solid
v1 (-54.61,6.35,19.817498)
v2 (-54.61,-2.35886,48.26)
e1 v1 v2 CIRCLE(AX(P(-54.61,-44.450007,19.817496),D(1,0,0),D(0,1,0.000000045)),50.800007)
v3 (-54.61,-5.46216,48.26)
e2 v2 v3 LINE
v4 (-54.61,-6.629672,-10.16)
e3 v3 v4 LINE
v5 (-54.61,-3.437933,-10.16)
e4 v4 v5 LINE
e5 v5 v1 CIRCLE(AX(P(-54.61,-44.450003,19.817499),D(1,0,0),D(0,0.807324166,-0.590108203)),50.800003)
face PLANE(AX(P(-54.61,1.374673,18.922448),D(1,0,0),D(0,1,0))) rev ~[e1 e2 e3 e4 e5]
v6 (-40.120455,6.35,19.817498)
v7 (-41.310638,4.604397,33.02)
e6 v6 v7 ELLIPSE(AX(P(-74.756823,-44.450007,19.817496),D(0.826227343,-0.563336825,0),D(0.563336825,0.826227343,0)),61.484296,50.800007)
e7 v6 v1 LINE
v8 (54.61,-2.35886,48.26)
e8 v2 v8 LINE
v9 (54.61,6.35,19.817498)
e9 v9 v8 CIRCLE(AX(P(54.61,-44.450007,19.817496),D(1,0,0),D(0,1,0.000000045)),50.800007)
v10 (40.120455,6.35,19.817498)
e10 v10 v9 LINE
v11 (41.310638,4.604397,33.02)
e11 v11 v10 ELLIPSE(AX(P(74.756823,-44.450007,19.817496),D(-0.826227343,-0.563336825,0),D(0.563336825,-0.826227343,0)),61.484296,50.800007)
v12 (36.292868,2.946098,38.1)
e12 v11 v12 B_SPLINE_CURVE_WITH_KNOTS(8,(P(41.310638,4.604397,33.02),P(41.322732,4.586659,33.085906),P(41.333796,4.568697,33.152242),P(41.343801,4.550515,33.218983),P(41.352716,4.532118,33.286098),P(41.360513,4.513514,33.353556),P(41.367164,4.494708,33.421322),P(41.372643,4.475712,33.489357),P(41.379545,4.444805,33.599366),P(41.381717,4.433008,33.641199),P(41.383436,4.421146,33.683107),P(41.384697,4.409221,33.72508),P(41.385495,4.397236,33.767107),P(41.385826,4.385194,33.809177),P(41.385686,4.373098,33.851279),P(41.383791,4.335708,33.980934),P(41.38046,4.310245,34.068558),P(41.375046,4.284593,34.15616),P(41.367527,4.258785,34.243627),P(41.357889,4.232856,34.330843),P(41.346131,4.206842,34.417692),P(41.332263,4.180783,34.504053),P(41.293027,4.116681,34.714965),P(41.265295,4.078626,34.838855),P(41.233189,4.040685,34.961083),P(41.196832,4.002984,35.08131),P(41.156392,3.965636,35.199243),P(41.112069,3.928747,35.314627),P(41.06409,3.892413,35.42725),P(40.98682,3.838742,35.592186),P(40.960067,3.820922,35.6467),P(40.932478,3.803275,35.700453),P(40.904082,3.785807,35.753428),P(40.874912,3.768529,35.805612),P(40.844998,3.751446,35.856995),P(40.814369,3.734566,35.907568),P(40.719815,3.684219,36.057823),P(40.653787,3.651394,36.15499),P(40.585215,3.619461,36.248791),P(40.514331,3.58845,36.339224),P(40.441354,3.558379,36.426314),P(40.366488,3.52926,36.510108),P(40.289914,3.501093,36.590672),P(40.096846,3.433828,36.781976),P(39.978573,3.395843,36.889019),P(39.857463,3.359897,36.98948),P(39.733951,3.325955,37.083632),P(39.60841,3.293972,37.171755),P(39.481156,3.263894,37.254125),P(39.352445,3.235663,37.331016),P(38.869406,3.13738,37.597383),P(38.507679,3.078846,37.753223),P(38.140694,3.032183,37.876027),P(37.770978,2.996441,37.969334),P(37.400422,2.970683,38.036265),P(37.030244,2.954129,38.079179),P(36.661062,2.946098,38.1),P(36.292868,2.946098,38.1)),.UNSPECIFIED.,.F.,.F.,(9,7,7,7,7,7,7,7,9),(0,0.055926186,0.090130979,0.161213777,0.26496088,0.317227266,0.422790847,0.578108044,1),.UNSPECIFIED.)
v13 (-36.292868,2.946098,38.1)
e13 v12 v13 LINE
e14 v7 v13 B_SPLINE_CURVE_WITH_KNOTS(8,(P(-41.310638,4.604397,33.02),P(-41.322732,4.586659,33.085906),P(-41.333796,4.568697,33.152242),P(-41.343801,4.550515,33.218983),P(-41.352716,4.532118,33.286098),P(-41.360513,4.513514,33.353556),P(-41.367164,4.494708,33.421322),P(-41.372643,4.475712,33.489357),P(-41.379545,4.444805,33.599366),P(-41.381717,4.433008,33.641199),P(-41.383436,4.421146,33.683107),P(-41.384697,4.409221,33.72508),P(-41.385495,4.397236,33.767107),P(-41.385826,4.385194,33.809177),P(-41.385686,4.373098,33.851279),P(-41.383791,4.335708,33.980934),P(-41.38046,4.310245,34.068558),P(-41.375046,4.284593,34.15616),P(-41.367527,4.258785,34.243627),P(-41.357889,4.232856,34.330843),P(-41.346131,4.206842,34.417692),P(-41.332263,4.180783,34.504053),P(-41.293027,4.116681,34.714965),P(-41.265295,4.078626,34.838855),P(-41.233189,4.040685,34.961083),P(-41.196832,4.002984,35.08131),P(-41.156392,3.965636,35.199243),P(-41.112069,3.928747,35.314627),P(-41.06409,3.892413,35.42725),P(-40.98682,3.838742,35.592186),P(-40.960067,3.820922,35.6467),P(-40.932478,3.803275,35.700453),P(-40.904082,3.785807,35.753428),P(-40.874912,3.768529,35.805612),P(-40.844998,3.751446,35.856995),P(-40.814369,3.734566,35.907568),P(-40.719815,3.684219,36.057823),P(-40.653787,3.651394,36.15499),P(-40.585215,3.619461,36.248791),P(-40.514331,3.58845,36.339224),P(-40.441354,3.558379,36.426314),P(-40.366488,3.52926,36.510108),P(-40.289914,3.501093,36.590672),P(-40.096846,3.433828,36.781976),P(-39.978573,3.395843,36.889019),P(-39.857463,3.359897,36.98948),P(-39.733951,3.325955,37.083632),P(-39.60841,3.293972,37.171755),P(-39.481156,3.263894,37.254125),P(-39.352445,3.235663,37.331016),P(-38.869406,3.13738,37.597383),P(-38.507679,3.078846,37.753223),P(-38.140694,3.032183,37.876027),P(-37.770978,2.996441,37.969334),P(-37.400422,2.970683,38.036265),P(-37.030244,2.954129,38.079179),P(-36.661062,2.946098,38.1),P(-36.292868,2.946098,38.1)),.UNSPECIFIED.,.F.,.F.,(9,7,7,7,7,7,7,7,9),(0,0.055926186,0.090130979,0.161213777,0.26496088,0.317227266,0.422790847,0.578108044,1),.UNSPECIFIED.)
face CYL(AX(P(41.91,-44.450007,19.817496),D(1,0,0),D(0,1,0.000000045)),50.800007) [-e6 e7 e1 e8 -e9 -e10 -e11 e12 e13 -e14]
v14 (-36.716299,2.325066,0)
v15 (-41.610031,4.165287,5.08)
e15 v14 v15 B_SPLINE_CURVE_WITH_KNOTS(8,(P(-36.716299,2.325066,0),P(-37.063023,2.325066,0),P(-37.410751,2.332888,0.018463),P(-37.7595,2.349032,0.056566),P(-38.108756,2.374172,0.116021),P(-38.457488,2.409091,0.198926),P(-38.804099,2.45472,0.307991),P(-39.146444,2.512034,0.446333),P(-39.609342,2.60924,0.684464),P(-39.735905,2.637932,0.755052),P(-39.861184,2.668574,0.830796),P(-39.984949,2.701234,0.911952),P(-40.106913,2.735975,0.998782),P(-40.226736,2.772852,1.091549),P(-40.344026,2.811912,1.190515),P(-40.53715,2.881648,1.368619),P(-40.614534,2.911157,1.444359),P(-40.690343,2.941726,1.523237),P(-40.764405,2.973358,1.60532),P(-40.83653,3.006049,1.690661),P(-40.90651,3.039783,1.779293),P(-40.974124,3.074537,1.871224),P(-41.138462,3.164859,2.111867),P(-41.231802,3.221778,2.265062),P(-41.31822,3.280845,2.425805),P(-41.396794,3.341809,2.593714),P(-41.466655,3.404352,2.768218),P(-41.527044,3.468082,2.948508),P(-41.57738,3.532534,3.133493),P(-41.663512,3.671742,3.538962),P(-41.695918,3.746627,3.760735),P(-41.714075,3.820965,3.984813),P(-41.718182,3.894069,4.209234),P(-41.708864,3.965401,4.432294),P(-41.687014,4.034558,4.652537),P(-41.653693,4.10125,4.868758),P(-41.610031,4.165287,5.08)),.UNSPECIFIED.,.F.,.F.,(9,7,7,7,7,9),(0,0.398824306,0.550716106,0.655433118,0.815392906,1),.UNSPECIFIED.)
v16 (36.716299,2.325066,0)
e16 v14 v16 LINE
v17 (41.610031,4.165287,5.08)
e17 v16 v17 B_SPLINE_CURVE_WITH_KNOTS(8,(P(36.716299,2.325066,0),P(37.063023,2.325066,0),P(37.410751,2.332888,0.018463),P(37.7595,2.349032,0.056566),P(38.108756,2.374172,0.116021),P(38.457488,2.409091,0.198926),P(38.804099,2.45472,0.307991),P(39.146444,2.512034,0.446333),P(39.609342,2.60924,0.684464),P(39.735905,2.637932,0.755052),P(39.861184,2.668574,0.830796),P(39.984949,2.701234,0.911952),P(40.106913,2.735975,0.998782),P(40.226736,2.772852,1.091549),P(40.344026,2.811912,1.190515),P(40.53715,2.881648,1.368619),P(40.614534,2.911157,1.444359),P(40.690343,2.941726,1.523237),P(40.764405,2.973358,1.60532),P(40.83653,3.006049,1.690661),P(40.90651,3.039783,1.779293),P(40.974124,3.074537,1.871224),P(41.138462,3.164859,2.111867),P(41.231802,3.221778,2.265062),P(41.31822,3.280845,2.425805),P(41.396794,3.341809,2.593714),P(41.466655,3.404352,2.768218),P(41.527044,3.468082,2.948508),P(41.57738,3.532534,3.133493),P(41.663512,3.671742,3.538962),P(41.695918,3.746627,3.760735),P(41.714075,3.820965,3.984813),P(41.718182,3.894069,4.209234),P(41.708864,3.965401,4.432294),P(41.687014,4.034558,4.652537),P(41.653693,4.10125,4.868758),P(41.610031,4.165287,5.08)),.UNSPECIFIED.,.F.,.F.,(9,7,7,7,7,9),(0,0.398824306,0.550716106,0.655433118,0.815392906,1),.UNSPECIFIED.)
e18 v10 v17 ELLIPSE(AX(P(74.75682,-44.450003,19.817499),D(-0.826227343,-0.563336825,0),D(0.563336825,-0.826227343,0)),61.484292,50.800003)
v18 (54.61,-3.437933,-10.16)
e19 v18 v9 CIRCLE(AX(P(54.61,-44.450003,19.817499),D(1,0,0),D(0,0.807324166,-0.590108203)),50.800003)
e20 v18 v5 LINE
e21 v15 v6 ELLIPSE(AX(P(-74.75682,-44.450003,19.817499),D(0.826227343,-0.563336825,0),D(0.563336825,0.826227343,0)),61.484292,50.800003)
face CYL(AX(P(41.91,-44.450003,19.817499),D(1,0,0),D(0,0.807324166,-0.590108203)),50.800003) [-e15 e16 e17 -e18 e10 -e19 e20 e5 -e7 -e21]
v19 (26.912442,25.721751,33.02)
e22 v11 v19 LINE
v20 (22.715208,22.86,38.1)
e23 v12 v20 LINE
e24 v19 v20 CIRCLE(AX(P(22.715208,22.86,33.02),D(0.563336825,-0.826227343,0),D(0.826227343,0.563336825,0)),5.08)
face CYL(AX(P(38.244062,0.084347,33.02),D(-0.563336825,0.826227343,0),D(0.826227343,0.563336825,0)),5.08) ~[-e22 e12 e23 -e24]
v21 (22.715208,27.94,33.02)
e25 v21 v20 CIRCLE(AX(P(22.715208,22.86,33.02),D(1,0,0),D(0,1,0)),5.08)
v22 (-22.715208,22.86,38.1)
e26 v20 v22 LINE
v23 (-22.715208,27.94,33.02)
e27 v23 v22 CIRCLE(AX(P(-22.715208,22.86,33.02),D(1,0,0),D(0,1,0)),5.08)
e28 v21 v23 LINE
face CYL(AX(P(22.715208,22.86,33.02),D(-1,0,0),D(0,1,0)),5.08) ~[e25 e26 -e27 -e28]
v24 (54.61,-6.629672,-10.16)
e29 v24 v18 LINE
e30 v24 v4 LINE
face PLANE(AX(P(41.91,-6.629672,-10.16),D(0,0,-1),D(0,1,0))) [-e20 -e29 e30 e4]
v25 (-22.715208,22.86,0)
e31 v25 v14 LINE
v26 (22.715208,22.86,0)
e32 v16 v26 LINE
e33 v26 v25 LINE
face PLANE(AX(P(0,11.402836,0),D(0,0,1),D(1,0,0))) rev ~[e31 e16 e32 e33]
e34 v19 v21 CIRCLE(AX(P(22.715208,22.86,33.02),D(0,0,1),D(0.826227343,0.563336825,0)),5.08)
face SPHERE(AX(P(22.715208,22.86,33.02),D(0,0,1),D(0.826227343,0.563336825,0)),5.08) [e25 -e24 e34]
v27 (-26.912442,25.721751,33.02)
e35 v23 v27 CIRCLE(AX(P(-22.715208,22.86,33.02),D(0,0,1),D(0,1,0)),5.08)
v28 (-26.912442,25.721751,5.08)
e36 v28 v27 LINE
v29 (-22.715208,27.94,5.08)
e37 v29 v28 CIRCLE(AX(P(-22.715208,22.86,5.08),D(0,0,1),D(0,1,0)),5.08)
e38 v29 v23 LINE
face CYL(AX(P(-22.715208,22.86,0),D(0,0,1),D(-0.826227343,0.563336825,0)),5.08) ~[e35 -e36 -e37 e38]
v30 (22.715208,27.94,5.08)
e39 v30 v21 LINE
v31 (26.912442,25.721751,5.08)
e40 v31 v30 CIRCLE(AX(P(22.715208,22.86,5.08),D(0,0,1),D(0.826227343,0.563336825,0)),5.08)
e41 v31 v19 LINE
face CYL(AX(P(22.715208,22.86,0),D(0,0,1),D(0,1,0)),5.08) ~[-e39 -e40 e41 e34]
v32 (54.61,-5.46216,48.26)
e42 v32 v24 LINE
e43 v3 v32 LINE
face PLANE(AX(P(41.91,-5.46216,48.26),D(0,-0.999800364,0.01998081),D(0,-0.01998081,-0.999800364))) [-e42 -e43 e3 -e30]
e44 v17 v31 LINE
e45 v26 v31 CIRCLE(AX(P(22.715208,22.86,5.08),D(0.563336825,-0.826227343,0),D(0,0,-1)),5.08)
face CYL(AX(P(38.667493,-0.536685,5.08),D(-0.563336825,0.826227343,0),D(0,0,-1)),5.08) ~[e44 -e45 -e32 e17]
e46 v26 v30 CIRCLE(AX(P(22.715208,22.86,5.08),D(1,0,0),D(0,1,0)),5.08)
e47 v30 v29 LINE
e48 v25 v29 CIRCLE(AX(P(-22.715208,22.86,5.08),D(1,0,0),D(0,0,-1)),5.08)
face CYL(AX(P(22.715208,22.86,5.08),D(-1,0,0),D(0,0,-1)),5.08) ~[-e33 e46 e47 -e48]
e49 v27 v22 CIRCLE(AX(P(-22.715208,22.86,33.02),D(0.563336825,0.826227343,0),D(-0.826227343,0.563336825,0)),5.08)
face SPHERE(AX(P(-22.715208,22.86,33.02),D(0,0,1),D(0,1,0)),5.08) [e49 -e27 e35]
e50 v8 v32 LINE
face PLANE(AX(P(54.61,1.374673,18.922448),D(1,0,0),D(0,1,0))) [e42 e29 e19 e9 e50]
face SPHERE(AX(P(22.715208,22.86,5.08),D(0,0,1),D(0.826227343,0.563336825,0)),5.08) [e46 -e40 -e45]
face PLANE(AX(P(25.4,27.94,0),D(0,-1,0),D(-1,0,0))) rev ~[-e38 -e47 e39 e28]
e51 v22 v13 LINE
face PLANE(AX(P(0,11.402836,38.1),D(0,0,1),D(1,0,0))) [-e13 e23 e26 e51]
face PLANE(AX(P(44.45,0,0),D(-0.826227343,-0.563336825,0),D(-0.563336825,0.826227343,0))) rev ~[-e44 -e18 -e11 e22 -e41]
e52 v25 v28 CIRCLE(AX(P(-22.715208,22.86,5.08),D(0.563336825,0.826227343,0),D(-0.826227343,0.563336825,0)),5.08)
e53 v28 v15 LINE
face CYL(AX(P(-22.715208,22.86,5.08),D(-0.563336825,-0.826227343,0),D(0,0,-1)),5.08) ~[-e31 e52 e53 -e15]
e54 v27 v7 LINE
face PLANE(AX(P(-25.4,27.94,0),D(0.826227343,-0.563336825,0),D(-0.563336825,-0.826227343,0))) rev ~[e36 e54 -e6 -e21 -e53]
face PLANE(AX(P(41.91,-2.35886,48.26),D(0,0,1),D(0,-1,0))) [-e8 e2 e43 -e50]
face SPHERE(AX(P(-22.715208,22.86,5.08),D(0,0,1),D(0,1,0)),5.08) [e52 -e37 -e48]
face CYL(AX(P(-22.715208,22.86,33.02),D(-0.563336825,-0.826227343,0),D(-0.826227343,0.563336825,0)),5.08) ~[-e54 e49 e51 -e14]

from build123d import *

# Parameters (mm, degrees)
F2_DEPTH      = 38.1
F4_DEPTH      = 12.7
F4_DEPTH_BACK = 96.52
F5_R          = 5.08
F7_R          = 5.08
F8_R          = 5.08


with BuildPart() as f2:
    # F1 (on Top) → F2 (new body)
    with BuildSketch(Plane.XY):
        Polygon((-25.4, 27.94), (-44.45, 0), (44.45, 0), (25.4, 27.94), align=None)
        Polygon((-37.240951, 3.81), (-23.386406, 24.13), (23.386406, 24.13), (37.240951, 3.81), align=None, mode=Mode.SUBTRACT)
        Polygon((23.386406, 24.13), (-23.386406, 24.13), (-37.240951, 3.81), (37.240951, 3.81), align=None)
    extrude(amount=F2_DEPTH)

    # F3 (on offset) → F4 (join, two sides)
    with BuildSketch(Plane.YZ.offset(41.91)) as f4_sk:
        with BuildLine():
            ThreePointArc((-3.437933, -10.16), (3.84106, 4.050015), (6.35, 19.817498))
            ThreePointArc((6.35, 19.817498), (4.124015, 34.690461), (-2.35886, 48.26))
            Line((-2.35886, 48.26), (-5.46216, 48.26))
            ThreePointArc((-5.46216, 48.26), (1.433443, 34.775346), (3.81, 19.817498))
            ThreePointArc((3.81, 19.817498), (1.125414, 3.945848), (-6.629672, -10.16))
            Line((-6.629672, -10.16), (-3.437933, -10.16))
        make_face()
        with BuildLine():
            ThreePointArc((3.81, 19.817498), (1.433443, 34.775346), (-5.46216, 48.26))
            Line((-5.46216, 48.26), (-6.629672, -10.16))
            ThreePointArc((-6.629672, -10.16), (1.125414, 3.945848), (3.81, 19.817498))
        make_face()
    extrude(amount=F4_DEPTH)
    extrude(f4_sk.sketch, amount=-F4_DEPTH_BACK)

    # F5
    f5_edges = [f2.edges().sort_by_distance(p)[0] for p in [
        (25.4, 27.94, 19.05),
        (-25.4, 27.94, 19.05),
    ]]
    fillet(f5_edges, radius=F5_R)

    # F7
    f7_edges = [f2.edges().sort_by_distance(p)[0] for p in [
        (34.888585, 14.023408, 0),
    ]]
    fillet(f7_edges, radius=F7_R)

    # F8
    f8_edges = [f2.edges().sort_by_distance(p)[0] for p in [
        (-34.67687, 14.333925, 38.1),
    ]]
    fillet(f8_edges, radius=F8_R)


solid = f2.part
